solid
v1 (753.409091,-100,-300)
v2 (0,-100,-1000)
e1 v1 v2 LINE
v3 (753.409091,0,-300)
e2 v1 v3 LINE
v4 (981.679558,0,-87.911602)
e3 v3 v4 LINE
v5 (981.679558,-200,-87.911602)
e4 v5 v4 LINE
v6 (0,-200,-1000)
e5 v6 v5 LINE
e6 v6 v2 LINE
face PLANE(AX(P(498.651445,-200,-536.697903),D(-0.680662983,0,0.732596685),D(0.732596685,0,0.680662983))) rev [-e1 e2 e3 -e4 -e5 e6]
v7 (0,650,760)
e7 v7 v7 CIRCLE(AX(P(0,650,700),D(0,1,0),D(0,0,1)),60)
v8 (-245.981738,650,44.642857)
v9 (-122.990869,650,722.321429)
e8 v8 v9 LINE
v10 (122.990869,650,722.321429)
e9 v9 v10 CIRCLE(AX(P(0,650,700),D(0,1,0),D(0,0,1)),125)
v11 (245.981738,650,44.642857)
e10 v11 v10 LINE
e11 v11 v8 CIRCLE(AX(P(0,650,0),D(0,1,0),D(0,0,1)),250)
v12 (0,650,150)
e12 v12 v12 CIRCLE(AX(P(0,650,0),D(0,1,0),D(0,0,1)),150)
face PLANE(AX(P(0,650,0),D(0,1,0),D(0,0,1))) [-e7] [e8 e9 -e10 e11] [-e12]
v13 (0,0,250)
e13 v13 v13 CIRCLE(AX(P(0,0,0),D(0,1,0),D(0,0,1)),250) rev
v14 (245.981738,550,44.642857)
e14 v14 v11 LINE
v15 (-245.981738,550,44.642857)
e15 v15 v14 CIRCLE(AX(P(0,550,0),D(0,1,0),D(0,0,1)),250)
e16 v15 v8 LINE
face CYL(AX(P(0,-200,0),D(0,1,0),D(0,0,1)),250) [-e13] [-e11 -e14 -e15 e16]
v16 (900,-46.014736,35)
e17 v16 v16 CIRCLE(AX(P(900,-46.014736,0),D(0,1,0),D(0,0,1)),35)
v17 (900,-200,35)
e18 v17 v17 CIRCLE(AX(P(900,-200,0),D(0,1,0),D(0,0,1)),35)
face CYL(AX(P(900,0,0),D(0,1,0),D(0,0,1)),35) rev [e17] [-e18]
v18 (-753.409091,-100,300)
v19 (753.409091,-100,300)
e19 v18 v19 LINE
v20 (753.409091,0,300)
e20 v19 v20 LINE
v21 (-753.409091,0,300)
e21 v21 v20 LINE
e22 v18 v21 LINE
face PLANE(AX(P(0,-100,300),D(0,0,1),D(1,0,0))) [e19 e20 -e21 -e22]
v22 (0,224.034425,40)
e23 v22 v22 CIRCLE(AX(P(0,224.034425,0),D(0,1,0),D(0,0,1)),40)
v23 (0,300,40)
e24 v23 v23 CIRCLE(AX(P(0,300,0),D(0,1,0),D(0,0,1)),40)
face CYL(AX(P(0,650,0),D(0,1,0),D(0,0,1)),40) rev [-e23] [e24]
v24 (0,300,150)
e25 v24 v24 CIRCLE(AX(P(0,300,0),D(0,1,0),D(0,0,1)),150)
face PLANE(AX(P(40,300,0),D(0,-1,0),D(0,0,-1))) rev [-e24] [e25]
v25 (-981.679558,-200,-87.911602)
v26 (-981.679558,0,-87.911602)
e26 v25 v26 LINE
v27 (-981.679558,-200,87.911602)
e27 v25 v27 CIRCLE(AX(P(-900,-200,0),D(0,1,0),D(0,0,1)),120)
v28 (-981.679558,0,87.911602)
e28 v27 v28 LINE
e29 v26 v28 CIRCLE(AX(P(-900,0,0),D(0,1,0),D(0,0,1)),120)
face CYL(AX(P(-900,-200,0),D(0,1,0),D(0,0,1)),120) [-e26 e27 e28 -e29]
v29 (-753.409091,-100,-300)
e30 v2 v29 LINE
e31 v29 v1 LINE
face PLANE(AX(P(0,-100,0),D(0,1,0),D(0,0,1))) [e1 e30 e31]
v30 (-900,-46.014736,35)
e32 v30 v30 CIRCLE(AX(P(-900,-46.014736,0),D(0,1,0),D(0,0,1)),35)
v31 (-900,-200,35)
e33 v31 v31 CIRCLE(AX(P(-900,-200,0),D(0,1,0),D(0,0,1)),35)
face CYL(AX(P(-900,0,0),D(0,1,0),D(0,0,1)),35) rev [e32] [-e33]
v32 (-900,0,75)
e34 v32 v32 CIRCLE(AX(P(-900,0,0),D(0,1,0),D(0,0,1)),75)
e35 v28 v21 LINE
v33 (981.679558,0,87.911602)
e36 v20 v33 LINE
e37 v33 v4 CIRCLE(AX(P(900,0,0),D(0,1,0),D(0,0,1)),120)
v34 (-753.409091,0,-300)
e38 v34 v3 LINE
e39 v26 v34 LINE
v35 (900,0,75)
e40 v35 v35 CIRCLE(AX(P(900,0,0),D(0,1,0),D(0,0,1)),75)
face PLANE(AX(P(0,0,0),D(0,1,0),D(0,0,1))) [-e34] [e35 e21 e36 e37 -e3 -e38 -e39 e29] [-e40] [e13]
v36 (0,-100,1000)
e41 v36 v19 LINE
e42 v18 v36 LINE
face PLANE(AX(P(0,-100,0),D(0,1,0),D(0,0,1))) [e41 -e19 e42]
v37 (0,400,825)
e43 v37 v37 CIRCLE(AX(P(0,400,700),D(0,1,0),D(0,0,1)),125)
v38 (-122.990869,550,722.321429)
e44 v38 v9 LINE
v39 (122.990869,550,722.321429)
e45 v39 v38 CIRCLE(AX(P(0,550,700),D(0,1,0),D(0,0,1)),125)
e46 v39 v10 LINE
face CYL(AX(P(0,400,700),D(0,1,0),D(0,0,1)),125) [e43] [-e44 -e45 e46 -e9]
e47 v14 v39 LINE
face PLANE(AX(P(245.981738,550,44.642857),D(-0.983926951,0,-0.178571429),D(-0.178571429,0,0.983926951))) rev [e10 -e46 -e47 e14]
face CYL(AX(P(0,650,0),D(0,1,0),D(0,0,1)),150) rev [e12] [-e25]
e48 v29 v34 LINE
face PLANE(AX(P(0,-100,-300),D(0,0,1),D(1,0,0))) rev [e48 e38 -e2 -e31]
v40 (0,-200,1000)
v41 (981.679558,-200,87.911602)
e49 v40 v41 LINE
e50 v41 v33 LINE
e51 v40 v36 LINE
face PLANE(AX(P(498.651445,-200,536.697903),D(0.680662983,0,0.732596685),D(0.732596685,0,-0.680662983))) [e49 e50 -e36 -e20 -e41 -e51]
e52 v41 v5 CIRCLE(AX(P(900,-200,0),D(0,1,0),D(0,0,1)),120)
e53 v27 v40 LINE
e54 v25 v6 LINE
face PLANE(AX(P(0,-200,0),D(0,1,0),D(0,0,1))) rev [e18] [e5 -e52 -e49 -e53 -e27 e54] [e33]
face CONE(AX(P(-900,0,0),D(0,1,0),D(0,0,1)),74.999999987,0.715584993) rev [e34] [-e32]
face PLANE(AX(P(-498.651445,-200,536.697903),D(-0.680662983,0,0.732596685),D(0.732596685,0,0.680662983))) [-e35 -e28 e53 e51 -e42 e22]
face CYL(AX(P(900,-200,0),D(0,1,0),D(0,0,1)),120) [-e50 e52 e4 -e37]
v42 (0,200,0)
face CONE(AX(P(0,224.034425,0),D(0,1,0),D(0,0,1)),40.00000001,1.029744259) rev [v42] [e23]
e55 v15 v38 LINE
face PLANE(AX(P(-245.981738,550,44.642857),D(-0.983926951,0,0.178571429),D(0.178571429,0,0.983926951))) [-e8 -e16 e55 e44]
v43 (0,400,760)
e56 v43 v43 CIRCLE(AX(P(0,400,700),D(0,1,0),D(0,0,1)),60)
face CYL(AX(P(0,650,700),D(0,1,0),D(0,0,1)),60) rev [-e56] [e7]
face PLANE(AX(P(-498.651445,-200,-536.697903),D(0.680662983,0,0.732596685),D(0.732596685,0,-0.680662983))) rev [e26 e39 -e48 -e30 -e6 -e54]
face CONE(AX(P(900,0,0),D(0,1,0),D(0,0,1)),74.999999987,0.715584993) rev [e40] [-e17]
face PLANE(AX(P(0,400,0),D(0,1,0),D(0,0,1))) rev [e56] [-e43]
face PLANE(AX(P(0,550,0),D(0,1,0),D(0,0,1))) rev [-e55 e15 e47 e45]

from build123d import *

# Parameters (mm, degrees)
SKETCH2_R                                           = 250
BOSS_EXTRUDE1_DEPTH                                 = 650
BOSS_EXTRUDE1_DEPTH_BACK                            = 200
SKETCH2_3_R                                         = 250
BOSS_EXTRUDE2_DEPTH                                 = 200
CUT_EXTRUDE1_DEPTH                                  = 100
BOSS_EXTRUDE4_DEPTH                                 = 100
SKETCH3_3_R                                         = 125
BOSS_EXTRUDE5_DEPTH                                 = 250
CSK_FOR_0_FLAT_HEAD_MACHINE_SCREW1_D                = 69.999999954
CSK_FOR_0_FLAT_HEAD_MACHINE_SCREW1_CSINK_D          = 149.999999974
CSK_FOR_0_FLAT_HEAD_MACHINE_SCREW1_CSINK_ANGLE      = 82
CBORE_FOR_0_BINDING_HEAD_MACHINE_SCREW1_D           = 80.00000002
CBORE_FOR_0_BINDING_HEAD_MACHINE_SCREW1_DEPTH       = 425.965575233
CBORE_FOR_0_BINDING_HEAD_MACHINE_SCREW1_CBORE_D     = 299.999999948
CBORE_FOR_0_BINDING_HEAD_MACHINE_SCREW1_CBORE_DEPTH = 350.000000024
CBORE_FOR_0_BINDING_HEAD_MACHINE_SCREW1_TIP         = 24.034424767
HOLE1_D                                             = 120
HOLE1_DEPTH                                         = 250


with BuildPart() as part:
    # Sketch2 → Boss-Extrude1 (new body, two sides)
    with BuildSketch(Plane(origin=(0, 0, 0), x_dir=(1, 0, 0), z_dir=(0, 1, 0))) as boss_extrude1_sk:
        Circle(SKETCH2_R)
    extrude(amount=BOSS_EXTRUDE1_DEPTH)
    extrude(boss_extrude1_sk.sketch, amount=-BOSS_EXTRUDE1_DEPTH_BACK)

    # Sketch2<3> → Boss-Extrude2 (add)
    with BuildSketch(Plane(origin=(0, 0, 0), x_dir=(1, 0, 0), z_dir=(0, 1, 0))):
        with BuildLine():
            Line((0, -1000), (981.679558011, -87.91160221))
            ThreePointArc((981.679558011, -87.91160221), (1020, 0), (981.679558011, 87.91160221))
            Line((981.679558011, 87.91160221), (0, 1000))
            Line((0, 1000), (-981.679558011, 87.91160221))
            ThreePointArc((-981.679558011, 87.91160221), (-1020, 0), (-981.679558011, -87.91160221))
            Line((-981.679558011, -87.91160221), (0, -1000))
        make_face()
        Circle(SKETCH2_3_R, mode=Mode.SUBTRACT)
    extrude(amount=-BOSS_EXTRUDE2_DEPTH)

    # Sketch2<5> → Cut-Extrude1 (cut)
    with BuildSketch(Plane(origin=(0, 0, 0), x_dir=(1, 0, 0), z_dir=(0, 1, 0))):
        Polygon((-753.409090909, -300), (0, -1000), (753.409090909, -300), align=None)
        Polygon((753.409090909, 300), (0, 1000), (-753.409090909, 300), align=None)
    extrude(amount=-CUT_EXTRUDE1_DEPTH, mode=Mode.SUBTRACT)

    # Sketch3 → Boss-Extrude4 (add)
    with BuildSketch(Plane(origin=(0, 650, 0), x_dir=(1, 0, 0), z_dir=(0, 1, 0))):
        with BuildLine():
            ThreePointArc((245.981737749, -44.642857143), (0, -250), (-245.981737749, -44.642857143))
            Line((-245.981737749, -44.642857143), (-122.990868875, -722.321428571))
            ThreePointArc((-122.990868875, -722.321428571), (-11.205833094, -575.503296009), (125, -700))
            ThreePointArc((125, -700), (124.496703991, -711.205833094), (122.990868875, -722.321428571))
            Line((122.990868875, -722.321428571), (245.981737749, -44.642857143))
        make_face()
    extrude(amount=-BOSS_EXTRUDE4_DEPTH)

    # Sketch3<3> → Boss-Extrude5 (add)
    with BuildSketch(Plane(origin=(0, 650, 0), x_dir=(1, 0, 0), z_dir=(0, 1, 0))):
        with Locations((0, -700)):
            Circle(SKETCH3_3_R)
    extrude(amount=-BOSS_EXTRUDE5_DEPTH)

    # CSK for #0 Flat Head Machine Screw1 (through all)
    with Locations(Plane(origin=(0, 0, 0), x_dir=(1, 0, 0), z_dir=(0, 1, 0))):
        with Locations((900, 0), (-900, 0)):
            CounterSinkHole(CSK_FOR_0_FLAT_HEAD_MACHINE_SCREW1_D / 2, CSK_FOR_0_FLAT_HEAD_MACHINE_SCREW1_CSINK_D / 2, counter_sink_angle=CSK_FOR_0_FLAT_HEAD_MACHINE_SCREW1_CSINK_ANGLE)

    # CBORE for #0 Binding Head Machine Screw1
    with Locations(Plane(origin=(0, 650, 0), x_dir=(1, 0, 0), z_dir=(0, 1, 0))):
        with Locations((0, 0)):
            CounterBoreHole(CBORE_FOR_0_BINDING_HEAD_MACHINE_SCREW1_D / 2, CBORE_FOR_0_BINDING_HEAD_MACHINE_SCREW1_CBORE_D / 2, CBORE_FOR_0_BINDING_HEAD_MACHINE_SCREW1_CBORE_DEPTH, depth=CBORE_FOR_0_BINDING_HEAD_MACHINE_SCREW1_DEPTH)
            with Locations((0, 0, -(CBORE_FOR_0_BINDING_HEAD_MACHINE_SCREW1_DEPTH + CBORE_FOR_0_BINDING_HEAD_MACHINE_SCREW1_TIP / 2))):  # 118° drill point
                Cone(0, CBORE_FOR_0_BINDING_HEAD_MACHINE_SCREW1_D / 2, CBORE_FOR_0_BINDING_HEAD_MACHINE_SCREW1_TIP, mode=Mode.SUBTRACT)

    # Hole1
    with Locations(Plane(origin=(0, 650, 0), x_dir=(1, 0, 0), z_dir=(0, 1, 0))):
        with Locations((0, -700)):
            Hole(HOLE1_D / 2, depth=HOLE1_DEPTH)


solid = part.part
